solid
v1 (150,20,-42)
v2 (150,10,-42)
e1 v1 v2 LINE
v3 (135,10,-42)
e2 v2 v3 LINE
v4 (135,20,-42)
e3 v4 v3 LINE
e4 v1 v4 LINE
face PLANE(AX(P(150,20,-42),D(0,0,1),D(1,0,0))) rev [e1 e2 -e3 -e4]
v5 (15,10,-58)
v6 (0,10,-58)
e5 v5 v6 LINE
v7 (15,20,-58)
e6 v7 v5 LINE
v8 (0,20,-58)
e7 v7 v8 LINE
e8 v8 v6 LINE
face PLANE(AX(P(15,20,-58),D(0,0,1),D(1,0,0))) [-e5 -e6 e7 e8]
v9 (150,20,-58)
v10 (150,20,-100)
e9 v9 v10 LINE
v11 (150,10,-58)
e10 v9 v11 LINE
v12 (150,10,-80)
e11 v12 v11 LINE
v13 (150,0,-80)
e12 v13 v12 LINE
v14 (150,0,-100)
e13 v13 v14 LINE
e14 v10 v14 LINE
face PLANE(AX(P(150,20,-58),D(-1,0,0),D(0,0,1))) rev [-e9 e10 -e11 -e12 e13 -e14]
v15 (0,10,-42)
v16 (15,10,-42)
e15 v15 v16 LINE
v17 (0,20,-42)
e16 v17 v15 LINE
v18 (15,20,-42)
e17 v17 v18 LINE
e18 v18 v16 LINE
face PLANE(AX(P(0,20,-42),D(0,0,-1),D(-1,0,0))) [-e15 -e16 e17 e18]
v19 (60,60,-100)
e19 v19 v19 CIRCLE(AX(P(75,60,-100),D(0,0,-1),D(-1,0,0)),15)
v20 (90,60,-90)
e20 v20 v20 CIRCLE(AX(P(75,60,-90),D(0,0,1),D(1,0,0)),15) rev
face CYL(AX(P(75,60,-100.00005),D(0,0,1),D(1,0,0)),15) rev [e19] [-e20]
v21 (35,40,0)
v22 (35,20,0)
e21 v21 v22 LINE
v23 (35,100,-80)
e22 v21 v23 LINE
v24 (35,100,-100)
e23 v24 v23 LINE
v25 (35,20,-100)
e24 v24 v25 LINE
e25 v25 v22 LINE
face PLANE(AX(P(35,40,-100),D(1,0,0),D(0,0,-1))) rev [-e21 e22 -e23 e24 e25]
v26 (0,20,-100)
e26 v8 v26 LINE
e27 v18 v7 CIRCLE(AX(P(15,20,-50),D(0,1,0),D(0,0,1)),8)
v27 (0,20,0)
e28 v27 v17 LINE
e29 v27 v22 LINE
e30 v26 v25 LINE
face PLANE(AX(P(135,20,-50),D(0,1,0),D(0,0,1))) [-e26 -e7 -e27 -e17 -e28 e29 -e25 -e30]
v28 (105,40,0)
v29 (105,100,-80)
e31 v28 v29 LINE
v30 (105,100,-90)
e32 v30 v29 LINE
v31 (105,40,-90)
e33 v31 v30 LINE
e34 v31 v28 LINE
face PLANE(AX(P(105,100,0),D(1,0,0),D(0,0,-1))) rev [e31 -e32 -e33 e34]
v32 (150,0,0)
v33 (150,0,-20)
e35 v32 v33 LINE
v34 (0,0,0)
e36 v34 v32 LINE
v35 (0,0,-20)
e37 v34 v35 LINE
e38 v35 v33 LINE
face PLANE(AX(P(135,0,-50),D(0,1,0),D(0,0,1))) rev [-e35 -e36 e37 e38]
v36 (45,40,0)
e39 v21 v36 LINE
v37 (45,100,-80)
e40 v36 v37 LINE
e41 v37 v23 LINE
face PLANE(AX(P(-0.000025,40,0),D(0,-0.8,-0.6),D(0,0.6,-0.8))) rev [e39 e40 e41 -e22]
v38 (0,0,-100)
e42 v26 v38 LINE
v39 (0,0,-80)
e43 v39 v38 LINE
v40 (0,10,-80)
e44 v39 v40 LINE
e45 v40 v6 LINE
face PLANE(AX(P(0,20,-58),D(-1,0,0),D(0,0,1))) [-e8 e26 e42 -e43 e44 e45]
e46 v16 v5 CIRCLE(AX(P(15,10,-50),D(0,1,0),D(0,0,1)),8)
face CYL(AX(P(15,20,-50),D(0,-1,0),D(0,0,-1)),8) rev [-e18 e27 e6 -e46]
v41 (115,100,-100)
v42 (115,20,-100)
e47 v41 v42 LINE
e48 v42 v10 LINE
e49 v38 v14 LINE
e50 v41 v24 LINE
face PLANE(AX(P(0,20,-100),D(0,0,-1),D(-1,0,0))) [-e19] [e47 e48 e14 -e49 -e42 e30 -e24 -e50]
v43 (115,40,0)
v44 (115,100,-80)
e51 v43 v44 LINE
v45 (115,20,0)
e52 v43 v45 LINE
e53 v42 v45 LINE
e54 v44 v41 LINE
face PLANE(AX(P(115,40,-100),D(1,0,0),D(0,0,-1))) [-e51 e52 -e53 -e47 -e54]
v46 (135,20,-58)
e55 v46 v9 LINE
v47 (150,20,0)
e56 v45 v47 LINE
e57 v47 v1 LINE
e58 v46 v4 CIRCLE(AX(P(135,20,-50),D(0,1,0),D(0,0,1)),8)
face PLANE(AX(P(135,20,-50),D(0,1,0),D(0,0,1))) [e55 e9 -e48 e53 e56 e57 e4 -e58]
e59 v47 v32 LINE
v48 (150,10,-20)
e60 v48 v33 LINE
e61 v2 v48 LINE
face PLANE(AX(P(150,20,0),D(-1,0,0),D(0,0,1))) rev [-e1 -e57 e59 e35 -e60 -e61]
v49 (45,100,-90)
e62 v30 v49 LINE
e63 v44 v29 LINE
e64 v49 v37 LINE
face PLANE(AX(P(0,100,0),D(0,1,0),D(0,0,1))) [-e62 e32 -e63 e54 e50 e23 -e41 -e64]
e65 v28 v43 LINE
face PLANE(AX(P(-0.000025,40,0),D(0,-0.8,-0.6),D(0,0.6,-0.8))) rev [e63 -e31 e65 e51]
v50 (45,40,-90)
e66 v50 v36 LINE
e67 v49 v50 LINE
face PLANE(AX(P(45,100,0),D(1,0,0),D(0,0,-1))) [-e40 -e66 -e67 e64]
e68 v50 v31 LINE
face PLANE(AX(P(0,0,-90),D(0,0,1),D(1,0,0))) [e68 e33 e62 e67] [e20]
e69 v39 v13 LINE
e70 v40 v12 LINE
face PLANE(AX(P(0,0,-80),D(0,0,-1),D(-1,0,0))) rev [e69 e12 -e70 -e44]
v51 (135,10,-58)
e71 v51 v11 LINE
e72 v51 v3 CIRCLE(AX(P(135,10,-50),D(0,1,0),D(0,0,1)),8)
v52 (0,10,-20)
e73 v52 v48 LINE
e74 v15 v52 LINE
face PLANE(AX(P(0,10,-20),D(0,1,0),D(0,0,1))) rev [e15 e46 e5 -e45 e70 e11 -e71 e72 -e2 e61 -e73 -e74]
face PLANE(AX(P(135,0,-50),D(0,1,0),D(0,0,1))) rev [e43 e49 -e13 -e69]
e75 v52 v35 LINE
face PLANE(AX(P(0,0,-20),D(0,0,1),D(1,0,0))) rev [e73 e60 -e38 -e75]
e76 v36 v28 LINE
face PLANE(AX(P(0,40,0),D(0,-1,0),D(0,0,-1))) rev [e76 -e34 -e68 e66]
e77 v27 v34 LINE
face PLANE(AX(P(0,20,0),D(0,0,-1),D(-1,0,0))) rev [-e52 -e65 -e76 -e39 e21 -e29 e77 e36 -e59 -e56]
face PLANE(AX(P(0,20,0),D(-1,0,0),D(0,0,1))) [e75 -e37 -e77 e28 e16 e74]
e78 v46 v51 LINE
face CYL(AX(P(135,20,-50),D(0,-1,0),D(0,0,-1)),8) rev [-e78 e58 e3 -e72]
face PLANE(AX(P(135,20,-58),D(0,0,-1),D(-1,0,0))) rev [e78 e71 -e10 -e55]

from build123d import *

# Parameters (mm, degrees)
BOSS_EXTRUDE1_DEPTH = 20
SKETCH2_W           = 60
SKETCH2_H           = 10
CUT_EXTRUDE1_DEPTH  = 182.383571472
SKETCH3_W           = 80
SKETCH3_H           = 100
BOSS_EXTRUDE2_DEPTH = 20
BOSS_EXTRUDE4_DEPTH = 60
CUT_EXTRUDE5_DEPTH  = 189.745860882
SKETCH12_R          = 15
CUT_EXTRUDE6_DEPTH  = 198.230829233
SKETCH13_W          = 60
SKETCH13_H          = 60
CUT_EXTRUDE7_DEPTH  = 10


with BuildPart() as part:
    # Sketch1 → Boss-Extrude1 (new body)
    with BuildSketch(Plane(origin=(0, 0, 0), x_dir=(1, 0, 0), z_dir=(0, 1, 0))):
        with BuildLine():
            Line((135, 58), (150, 58))
            Line((150, 58), (150, 100))
            Line((150, 100), (0, 100))
            Line((0, 100), (0, 58))
            Line((0, 58), (15, 58))
            ThreePointArc((15, 58), (23, 50), (15, 42))
            Line((15, 42), (0, 42))
            Line((0, 42), (0, 0))
            Line((0, 0), (150, 0))
            Line((150, 0), (150, 42))
            Line((150, 42), (135, 42))
            ThreePointArc((135, 42), (127, 50), (135, 58))
        make_face()
    extrude(amount=BOSS_EXTRUDE1_DEPTH)

    # Sketch2 → Cut-Extrude1 (cut, through all)
    with BuildSketch(Plane(origin=(150, 0, 0), x_dir=(0, 0, -1), z_dir=(1, 0, 0))):
        with Locations((50, 5)):
            Rectangle(SKETCH2_W, SKETCH2_H)
    extrude(amount=-CUT_EXTRUDE1_DEPTH, mode=Mode.SUBTRACT)

    # Sketch3 → Boss-Extrude2 (add)
    with BuildSketch(Plane(origin=(0, 20, 0), x_dir=(1, 0, 0), z_dir=(0, 1, 0))):
        with Locations((75, 50)):
            Rectangle(SKETCH3_W, SKETCH3_H)
    extrude(amount=BOSS_EXTRUDE2_DEPTH)

    # Sketch8 → Boss-Extrude4 (add)
    with BuildSketch(Plane(origin=(0, 40, 0), x_dir=(1, 0, 0), z_dir=(0, 1, 0))):
        Polygon((115, 100), (35, 100), (35, 0), (45, 0), (45, 80), (105, 80), (105, 0), (115, 0), align=None)
    extrude(amount=BOSS_EXTRUDE4_DEPTH)

    # Sketch11 → Cut-Extrude5 (cut, through all)
    with BuildSketch(Plane(origin=(125, 0, 0), x_dir=(0, 0, -1), z_dir=(1, 0, 0))):
        Polygon((0, 40), (80, 100), (0, 100), align=None)
    extrude(amount=-CUT_EXTRUDE5_DEPTH, mode=Mode.SUBTRACT)

    # Sketch12 → Cut-Extrude6 (cut, through all)
    with BuildSketch(Plane.XY.offset(-80)):
        with Locations((75, 60)):
            Circle(SKETCH12_R)
    extrude(amount=-CUT_EXTRUDE6_DEPTH, mode=Mode.SUBTRACT)

    # Sketch13 → Cut-Extrude7 (cut)
    with BuildSketch(Plane.XY.offset(-80)):
        with Locations((75, 70)):
            Rectangle(SKETCH13_W, SKETCH13_H)
    extrude(amount=-CUT_EXTRUDE7_DEPTH, mode=Mode.SUBTRACT)


solid = part.part
